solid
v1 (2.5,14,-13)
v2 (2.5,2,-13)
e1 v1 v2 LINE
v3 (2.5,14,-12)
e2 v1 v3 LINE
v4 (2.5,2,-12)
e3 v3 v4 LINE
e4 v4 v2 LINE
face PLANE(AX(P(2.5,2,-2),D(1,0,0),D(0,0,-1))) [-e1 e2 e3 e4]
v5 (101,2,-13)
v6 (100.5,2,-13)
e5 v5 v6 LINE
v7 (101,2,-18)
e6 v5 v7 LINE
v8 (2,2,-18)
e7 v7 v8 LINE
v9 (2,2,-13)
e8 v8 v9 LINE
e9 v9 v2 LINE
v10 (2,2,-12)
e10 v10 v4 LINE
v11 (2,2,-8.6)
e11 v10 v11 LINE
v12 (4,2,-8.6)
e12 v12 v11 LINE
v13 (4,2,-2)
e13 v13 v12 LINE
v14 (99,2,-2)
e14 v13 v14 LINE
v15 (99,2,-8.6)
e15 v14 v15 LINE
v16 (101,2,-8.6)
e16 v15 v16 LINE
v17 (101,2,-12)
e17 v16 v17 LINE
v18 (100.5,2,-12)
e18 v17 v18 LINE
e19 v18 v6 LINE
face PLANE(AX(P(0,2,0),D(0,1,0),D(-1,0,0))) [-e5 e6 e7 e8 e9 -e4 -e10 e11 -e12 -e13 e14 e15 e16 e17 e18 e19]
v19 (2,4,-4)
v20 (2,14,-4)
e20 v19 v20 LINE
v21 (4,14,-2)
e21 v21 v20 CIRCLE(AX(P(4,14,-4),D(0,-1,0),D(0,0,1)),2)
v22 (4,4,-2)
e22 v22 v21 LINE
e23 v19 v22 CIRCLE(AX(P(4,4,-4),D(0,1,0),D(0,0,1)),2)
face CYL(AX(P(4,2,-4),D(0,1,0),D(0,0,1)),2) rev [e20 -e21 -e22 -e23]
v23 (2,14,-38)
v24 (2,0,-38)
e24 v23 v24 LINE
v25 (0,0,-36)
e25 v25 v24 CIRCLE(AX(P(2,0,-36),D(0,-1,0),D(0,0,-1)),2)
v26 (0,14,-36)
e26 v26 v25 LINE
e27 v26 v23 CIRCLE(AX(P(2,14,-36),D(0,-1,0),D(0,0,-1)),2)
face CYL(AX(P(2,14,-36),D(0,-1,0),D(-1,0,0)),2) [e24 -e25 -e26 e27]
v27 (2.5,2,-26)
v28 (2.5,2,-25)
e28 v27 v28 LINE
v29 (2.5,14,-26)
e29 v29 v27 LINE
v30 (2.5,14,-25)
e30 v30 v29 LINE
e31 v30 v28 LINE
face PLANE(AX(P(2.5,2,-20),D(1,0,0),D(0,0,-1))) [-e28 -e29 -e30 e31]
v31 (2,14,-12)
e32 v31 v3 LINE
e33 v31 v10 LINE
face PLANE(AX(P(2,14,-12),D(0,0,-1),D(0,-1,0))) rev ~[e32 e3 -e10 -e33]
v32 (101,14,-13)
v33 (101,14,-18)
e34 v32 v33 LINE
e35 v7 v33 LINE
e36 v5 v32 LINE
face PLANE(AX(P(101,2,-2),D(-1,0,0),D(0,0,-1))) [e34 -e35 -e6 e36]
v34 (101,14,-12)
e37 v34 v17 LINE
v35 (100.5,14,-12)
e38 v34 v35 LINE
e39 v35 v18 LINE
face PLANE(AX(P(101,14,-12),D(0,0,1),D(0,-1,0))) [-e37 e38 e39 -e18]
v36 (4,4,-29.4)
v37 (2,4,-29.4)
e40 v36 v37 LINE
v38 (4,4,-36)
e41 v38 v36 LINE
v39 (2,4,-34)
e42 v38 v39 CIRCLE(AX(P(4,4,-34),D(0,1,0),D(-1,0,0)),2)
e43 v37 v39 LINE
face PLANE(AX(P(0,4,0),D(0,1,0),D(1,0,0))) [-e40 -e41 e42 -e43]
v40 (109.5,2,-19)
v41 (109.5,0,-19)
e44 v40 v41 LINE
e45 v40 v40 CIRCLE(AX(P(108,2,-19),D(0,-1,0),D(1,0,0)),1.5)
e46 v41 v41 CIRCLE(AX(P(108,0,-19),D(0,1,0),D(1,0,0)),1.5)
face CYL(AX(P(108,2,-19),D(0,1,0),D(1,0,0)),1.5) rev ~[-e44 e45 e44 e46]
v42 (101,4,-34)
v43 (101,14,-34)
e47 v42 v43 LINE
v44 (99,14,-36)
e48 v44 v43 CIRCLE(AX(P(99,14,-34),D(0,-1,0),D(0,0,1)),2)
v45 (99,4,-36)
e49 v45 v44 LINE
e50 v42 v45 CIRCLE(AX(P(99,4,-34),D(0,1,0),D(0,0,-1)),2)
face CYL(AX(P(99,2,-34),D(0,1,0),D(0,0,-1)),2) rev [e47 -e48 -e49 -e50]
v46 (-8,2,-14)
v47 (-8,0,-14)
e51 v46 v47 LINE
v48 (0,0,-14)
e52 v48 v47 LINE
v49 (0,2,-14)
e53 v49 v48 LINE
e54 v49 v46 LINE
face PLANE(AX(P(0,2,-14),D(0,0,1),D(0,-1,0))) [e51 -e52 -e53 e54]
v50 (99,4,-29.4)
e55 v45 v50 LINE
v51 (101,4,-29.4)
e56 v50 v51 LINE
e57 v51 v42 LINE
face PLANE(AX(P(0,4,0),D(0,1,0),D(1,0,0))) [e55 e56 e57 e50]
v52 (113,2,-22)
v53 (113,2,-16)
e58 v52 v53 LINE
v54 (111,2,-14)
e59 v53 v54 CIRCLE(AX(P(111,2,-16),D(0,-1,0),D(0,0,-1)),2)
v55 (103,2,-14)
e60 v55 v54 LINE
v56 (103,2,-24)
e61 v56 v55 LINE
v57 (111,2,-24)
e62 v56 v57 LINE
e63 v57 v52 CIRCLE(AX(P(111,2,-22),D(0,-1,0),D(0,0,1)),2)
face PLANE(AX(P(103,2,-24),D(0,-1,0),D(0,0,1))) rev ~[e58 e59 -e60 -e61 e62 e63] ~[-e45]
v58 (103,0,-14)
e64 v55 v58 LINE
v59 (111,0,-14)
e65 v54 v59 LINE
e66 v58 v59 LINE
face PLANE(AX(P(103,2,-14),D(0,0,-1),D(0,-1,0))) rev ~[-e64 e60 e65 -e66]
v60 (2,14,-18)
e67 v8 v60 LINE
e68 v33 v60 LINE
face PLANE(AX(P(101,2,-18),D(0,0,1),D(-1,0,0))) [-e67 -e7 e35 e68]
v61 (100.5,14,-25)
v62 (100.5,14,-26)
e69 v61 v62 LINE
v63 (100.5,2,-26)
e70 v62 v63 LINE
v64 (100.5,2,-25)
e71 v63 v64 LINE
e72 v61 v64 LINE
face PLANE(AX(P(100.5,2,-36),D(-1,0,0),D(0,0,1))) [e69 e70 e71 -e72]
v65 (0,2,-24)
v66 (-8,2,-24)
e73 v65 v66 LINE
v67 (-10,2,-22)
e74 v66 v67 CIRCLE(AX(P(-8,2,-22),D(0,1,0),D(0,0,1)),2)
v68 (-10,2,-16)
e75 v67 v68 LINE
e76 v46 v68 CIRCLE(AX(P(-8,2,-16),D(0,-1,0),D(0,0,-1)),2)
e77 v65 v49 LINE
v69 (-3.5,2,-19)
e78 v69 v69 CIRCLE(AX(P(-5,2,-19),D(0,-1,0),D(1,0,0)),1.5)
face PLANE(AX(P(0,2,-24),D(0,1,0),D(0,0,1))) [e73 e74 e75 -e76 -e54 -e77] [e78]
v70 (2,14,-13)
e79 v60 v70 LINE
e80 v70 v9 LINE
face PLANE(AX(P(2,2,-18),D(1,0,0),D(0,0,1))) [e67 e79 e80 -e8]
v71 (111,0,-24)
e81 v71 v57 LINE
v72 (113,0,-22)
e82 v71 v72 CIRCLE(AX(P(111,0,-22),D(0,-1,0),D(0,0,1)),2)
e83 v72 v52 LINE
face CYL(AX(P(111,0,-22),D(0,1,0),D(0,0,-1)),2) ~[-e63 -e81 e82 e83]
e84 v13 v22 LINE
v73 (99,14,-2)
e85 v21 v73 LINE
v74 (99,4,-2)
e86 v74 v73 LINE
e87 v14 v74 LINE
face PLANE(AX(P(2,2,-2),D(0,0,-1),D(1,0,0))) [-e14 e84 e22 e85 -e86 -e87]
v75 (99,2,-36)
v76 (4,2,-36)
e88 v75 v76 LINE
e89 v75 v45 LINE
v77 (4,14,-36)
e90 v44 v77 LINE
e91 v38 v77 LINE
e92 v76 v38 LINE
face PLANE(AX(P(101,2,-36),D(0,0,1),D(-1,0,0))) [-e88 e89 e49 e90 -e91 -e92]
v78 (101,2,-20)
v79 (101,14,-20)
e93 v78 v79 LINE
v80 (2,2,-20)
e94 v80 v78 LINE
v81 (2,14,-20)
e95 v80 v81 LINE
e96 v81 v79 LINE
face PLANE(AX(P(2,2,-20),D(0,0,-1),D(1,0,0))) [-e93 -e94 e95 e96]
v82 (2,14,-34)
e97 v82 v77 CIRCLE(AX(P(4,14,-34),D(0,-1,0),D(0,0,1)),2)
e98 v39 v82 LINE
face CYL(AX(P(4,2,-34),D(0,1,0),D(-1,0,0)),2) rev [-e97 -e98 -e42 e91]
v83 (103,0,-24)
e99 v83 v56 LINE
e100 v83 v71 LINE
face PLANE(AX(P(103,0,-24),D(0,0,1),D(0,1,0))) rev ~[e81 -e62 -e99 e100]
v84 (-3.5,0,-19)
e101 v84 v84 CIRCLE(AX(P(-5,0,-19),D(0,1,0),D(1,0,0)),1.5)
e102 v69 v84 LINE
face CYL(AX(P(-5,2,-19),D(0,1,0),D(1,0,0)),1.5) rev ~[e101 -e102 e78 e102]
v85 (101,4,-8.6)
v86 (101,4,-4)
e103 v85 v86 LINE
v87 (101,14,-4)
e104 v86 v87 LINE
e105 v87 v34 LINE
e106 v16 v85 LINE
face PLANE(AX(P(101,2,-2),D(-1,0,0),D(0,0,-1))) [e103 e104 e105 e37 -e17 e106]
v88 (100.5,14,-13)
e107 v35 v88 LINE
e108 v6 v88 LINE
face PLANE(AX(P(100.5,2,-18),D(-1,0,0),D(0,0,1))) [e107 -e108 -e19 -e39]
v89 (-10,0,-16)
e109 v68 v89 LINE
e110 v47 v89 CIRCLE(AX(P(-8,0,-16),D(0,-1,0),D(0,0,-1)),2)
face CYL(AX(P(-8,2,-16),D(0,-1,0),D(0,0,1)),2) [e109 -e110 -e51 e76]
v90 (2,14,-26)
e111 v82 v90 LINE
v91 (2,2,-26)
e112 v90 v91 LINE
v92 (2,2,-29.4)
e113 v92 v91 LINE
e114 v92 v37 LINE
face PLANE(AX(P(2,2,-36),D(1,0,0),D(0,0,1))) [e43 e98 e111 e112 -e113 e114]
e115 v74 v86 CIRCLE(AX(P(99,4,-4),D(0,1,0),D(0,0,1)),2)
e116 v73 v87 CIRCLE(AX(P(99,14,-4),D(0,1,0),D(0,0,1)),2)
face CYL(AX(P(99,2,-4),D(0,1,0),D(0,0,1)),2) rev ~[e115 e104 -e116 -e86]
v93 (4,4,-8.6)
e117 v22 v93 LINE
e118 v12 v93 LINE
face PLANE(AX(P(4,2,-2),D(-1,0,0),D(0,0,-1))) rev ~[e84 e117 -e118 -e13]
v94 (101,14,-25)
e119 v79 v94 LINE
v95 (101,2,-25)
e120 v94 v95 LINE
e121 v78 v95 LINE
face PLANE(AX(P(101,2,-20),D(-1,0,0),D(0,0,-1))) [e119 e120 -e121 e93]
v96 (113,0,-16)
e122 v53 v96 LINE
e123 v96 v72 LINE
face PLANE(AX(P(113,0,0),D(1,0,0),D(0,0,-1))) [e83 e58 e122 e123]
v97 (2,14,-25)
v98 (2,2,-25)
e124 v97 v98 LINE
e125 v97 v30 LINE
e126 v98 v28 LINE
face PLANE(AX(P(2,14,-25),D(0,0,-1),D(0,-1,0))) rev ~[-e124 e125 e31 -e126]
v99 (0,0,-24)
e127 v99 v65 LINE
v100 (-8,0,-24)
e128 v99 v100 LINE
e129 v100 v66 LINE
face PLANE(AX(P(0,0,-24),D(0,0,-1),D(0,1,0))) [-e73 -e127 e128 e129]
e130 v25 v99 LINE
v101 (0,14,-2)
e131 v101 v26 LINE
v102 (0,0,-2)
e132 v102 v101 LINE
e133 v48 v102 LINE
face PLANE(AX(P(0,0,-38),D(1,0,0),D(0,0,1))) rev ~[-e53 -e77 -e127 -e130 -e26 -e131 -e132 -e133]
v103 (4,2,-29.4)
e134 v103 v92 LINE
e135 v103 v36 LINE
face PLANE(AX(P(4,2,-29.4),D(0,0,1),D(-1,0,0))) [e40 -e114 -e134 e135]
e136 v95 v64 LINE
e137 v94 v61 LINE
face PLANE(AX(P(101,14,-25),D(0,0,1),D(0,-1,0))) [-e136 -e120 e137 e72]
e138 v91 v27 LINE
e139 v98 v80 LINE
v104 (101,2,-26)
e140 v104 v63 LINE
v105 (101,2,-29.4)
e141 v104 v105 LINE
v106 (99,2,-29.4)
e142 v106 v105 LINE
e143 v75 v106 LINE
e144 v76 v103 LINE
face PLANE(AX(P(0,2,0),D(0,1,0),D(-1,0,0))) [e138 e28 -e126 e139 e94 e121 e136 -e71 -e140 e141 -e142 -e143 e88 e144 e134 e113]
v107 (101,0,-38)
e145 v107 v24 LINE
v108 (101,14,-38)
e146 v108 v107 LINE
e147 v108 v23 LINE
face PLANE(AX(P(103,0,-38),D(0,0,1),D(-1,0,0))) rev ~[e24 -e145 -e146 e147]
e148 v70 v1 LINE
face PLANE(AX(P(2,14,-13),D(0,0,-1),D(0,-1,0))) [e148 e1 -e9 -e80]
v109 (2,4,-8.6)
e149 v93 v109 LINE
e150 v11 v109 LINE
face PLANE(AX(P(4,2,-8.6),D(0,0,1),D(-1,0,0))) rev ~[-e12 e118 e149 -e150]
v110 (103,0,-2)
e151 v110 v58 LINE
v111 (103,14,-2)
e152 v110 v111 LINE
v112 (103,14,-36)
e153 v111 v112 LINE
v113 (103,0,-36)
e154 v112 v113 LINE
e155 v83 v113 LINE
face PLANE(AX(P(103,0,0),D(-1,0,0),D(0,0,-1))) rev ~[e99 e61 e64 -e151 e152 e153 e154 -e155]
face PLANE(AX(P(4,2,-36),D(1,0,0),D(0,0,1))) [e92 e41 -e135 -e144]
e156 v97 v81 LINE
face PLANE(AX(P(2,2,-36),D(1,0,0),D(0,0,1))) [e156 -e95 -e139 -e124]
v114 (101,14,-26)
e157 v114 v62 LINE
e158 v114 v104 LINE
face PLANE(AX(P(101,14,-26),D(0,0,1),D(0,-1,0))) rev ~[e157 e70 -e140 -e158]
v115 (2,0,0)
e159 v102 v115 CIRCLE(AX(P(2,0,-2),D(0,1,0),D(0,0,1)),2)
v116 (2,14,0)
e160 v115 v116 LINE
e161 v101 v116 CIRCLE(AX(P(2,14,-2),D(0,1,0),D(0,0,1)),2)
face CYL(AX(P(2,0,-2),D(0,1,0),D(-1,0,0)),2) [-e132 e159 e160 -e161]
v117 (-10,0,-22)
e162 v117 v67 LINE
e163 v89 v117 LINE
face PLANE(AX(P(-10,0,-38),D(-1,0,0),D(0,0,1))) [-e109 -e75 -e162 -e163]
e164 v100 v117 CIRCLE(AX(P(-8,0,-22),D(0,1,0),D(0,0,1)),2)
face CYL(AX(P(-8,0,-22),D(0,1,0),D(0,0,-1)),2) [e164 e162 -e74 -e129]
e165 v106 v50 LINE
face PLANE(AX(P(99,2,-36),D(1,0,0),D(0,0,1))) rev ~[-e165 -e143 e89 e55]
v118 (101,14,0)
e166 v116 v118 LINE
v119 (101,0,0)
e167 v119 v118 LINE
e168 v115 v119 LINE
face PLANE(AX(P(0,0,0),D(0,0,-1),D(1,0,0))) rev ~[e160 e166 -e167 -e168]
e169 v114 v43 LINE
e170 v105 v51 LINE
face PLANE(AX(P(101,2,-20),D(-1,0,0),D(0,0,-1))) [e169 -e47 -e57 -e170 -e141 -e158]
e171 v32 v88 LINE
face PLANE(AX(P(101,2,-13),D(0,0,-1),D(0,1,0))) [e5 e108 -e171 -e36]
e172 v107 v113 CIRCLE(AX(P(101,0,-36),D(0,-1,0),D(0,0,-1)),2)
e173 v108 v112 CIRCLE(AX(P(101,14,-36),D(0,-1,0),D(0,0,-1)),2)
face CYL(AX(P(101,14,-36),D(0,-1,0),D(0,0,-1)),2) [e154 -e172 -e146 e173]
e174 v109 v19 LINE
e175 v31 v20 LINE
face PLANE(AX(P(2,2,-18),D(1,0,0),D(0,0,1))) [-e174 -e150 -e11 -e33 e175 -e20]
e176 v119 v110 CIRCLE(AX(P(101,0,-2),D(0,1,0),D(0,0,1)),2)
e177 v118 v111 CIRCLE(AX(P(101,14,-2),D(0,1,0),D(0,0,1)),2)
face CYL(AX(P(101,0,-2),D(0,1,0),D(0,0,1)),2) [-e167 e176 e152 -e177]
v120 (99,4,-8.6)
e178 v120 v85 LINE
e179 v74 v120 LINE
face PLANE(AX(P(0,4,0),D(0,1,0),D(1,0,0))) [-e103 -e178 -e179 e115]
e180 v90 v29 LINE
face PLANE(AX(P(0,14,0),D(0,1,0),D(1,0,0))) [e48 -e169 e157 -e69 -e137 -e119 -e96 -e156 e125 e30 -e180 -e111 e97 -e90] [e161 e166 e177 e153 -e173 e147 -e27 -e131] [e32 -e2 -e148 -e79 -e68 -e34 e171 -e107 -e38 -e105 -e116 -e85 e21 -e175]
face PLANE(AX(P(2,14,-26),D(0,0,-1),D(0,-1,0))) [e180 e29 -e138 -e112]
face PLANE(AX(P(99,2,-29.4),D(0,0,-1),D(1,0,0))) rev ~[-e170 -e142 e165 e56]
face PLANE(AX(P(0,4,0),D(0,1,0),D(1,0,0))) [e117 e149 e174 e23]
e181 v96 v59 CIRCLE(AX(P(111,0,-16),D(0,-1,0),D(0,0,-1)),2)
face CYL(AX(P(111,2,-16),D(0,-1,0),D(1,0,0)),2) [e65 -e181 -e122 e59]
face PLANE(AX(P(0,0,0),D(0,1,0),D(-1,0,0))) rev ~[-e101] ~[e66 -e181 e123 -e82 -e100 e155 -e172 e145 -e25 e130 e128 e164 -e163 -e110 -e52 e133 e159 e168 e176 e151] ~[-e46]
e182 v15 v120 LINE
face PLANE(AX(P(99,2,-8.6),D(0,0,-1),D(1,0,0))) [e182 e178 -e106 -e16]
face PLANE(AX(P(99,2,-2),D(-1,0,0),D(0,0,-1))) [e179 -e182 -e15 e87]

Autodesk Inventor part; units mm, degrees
ref_plane "YZ Plane" through (0, 0, 0) normal (1, 0, 0) x (0, 1, 0)
ref_plane "XZ Plane" through (0, 0, 0) normal (0, 1, 0) x (-1, 0, 0)
ref_plane "XY Plane" through (0, 0, 0) normal (0, 0, 1) x (1, 0, 0)
sketch "Sketch1" plane through (0, 0, 0) normal (0, 1, 0) x (-1, 0, 0)
  line L0 (0, 0) -> (-103, 0)
  line L1 (-103, 0) -> (-103, -38)
  line L2 (-103, -38) -> (0, -38)
  line L3 (0, -38) -> (0, 0)
  dimension "d0" = 103
  dimension "d1" = 38
extrude "Extrusion1" add sketch "Sketch1" along normal blind 2
sketch "Sketch2" plane through (0, 2, 0) normal (0, 1, 0) x (1, 0, 0)
  line L0 (2, 2) -> (101, 2)
  line L1 (101, 2) -> (101, 18)
  line L2 (101, 18) -> (2, 18)
  line L3 (2, 18) -> (2, 2)
  line L4 (2, 20) -> (101, 20)
  line L5 (101, 20) -> (101, 36)
  line L6 (101, 36) -> (2, 36)
  line L7 (2, 36) -> (2, 20)
  line L8 (0, 0) -> (2, 0)
  line L9 (2, 0) -> (2, 2)
  line L10 (2, 2) -> (0, 2)
  line L11 (0, 2) -> (0, 0)
  line L12 (103, 38) -> (0, 38) projected
  line L13 (0, 38) -> (2, 38)
  line L14 (2, 38) -> (2, 36)
  line L15 (2, 36) -> (0, 36)
  line L16 (0, 36) -> (0, 38)
  line L17 (103, 0) -> (103, 38) projected
  line L18 (0, 0) -> (103, 0)
  line L19 (103, 0) -> (103, 38)
  line L20 (103, 38) -> (0, 38)
  line L21 (0, 38) -> (0, 0)
  dimension "d4" = 99
  dimension "d5" = 16
  dimension "d6" = 99
  dimension "d7" = 16
  dimension "d8" = 2
  dimension "d9" = 2
  dimension "d10" = 2
  dimension "d11" = 2
extrude "Extrusion2" add sketch "Sketch2" along normal blind 12
sketch "Sketch3" plane through (101, 2, -18) normal (-1, 0, 0) x (0, 0, 1)
  line L0 (18, 12) -> (-20, 12) projected
  line L1 (5, 12) -> (6, 12)
  line L2 (6, 12) -> (6, 0)
  line L3 (6, 0) -> (5, 0)
  line L4 (5, 0) -> (5, 12)
  line L5 (0, 12) -> (5, 12)
  line L6 (5, 12) -> (5, 0)
  line L7 (5, 0) -> (0, 0)
  line L8 (0, 0) -> (0, 12)
  point P0 (18, -2)
  dimension "d14" = 1
  dimension "d15" = 12
  dimension "d16" = 5
  dimension "d17" = 12
extrude "Extrusion3" add sketch "Sketch3" along normal blind 0.5 contours L2 L3 L4 L0
sketch "Sketch4" plane through (2, 2, -2) normal (1, 0, 0) x (0, 0, -1)
  line L0 (16, 12) -> (11, 12)
  line L1 (11, 12) -> (11, 0)
  line L2 (11, 0) -> (16, 0)
  line L3 (16, 0) -> (16, 12)
  line L4 (11, 12) -> (10, 12)
  line L5 (10, 12) -> (10, 0)
  line L6 (10, 0) -> (11, 0)
  line L7 (11, 0) -> (11, 12)
  point P0 (-2, -2)
  point P1 (11, 0)
  dimension "d20" = 5
  dimension "d21" = 12
  dimension "d22" = 1
  dimension "d23" = 12
extrude "Extrusion4" add sketch "Sketch4" along normal blind 0.5 contours L1 L6 L5 L4
sketch "Sketch5" plane through (2, 2, -20) normal (1, 0, 0) x (0, 0, -1)
  line L0 (0, 12) -> (5, 12)
  line L1 (5, 12) -> (5, 0)
  line L2 (5, 0) -> (0, 0)
  line L3 (0, 0) -> (0, 12)
  line L4 (5, 12) -> (6, 12)
  line L5 (6, 12) -> (6, 0)
  line L6 (6, 0) -> (5, 0)
  line L7 (5, 0) -> (5, 12)
  point P0 (-20, -2)
  point P1 (5, 0)
  dimension "d26" = 5
  dimension "d27" = 12
  dimension "d28" = 1
  dimension "d29" = 12
extrude "Extrusion5" add sketch "Sketch5" along normal blind 0.5 contours L4 L5 L6 L1
sketch "Sketch6" plane through (101, 2, -36) normal (-1, 0, 0) x (0, 0, 1)
  line L0 (16, 12) -> (11, 12)
  line L1 (11, 12) -> (11, 0)
  line L2 (11, 0) -> (16, 0)
  line L3 (16, 0) -> (16, 12)
  line L4 (11, 12) -> (10, 12)
  line L5 (10, 12) -> (10, 0)
  line L6 (10, 0) -> (11, 0)
  line L7 (11, 0) -> (11, 12)
  point P0 (36, -2)
  point P1 (11, 0)
  dimension "d32" = 5
  dimension "d33" = 12
  dimension "d34" = 1
  dimension "d35" = 12
extrude "Extrusion6" add sketch "Sketch6" along normal blind 0.5 contours L1 L6 L5 L4
sketch "Sketch7" plane through (103, 0, 0) normal (1, 0, 0) x (0, 0, -1)
  line L0 (14, 0) -> (24, 0)
  line L1 (24, 0) -> (24, 2)
  line L2 (24, 2) -> (14, 2)
  line L3 (14, 2) -> (14, 0)
  line L4 (0, 0) -> (38, 0) projected
  point P0 (19, 0)
  dimension "d38" = 10
  dimension "d39" = 2
extrude "Extrusion7" add sketch "Sketch7" along normal blind 10
sketch "Sketch8" plane through (103, 2, -14) normal (0, 1, 0) x (1, 0, 0)
  line L0 (10, 10) -> (10, 0) projected
  line L1 (10, 5) -> (0, 5)
  line L2 (0, -14) -> (0, 24) projected
  circle A0 centre (5, 5) radius 1.5
  point P0 (-103, -14)
  dimension "d42" = 3
extrude "Extrusion8" cut sketch "Sketch8" against normal blind 2
sketch "Sketch9" plane through (0, 0, -38) normal (-1, 0, 0) x (0, 0, 1)
  line L0 (24, 0) -> (14, 0)
  line L1 (14, 0) -> (14, 2)
  line L2 (14, 2) -> (24, 2)
  line L3 (24, 2) -> (24, 0)
  line L4 (0, 0) -> (38, 0) projected
  point P0 (19, 0)
  dimension "d45" = 10
  dimension "d46" = 2
extrude "Extrusion9" add sketch "Sketch9" along normal blind 10
sketch "Sketch10" plane through (0, 2, -14) normal (0, 1, 0) x (1, 0, 0)
  line L0 (-10, 10) -> (-10, 0) projected
  line L1 (-10, 5) -> (0, 5)
  line L2 (0, 24) -> (0, -14) projected
  circle A0 centre (-5, 5) radius 1.5
  dimension "d49" = 3
extrude "Extrusion10" cut sketch "Sketch10" against normal blind 2
fillet "Fillet1" radius 2 12 edges at (0, 7, 0) (103, 7, 0) (103, 7, -38) (113, 1, -14) (113, 1, -24) (0, 7, -38) (-10, 1, -24) (-10, 1, -14) (2, 8, -36) (101, 8, -36) (101, 8, -2) (2, 8, -2)
sketch "Sketch11" plane through (0, 2, 0) normal (0, 1, 0) x (1, 0, 0)
  line L0 (101, 36) -> (99, 36)
  line L1 (99, 36) -> (99, 29.4)
  line L2 (99, 29.4) -> (101, 29.4)
  line L3 (101, 29.4) -> (101, 36)
  line L4 (2, 36) -> (4, 36)
  line L5 (4, 36) -> (4, 29.4)
  line L6 (4, 29.4) -> (2, 29.4)
  line L7 (2, 29.4) -> (2, 36)
  line L8 (2, 2) -> (4, 2)
  line L9 (4, 2) -> (4, 8.6)
  line L10 (4, 8.6) -> (2, 8.6)
  line L11 (2, 8.6) -> (2, 2)
  line L12 (101, 2) -> (99, 2)
  line L13 (99, 2) -> (99, 8.6)
  line L14 (99, 8.6) -> (101, 8.6)
  line L15 (101, 8.6) -> (101, 2)
  point P0 (0, 0)
  dimension "d53" = 2
  dimension "d54" = 6.6
  dimension "d55" = 2
  dimension "d56" = 6.6
  dimension "d57" = 2
  dimension "d58" = 6.6
  dimension "d59" = 2
  dimension "d60" = 6.6
extrude "Extrusion11" add sketch "Sketch11" along normal blind 2
properties part number "power_strip"
